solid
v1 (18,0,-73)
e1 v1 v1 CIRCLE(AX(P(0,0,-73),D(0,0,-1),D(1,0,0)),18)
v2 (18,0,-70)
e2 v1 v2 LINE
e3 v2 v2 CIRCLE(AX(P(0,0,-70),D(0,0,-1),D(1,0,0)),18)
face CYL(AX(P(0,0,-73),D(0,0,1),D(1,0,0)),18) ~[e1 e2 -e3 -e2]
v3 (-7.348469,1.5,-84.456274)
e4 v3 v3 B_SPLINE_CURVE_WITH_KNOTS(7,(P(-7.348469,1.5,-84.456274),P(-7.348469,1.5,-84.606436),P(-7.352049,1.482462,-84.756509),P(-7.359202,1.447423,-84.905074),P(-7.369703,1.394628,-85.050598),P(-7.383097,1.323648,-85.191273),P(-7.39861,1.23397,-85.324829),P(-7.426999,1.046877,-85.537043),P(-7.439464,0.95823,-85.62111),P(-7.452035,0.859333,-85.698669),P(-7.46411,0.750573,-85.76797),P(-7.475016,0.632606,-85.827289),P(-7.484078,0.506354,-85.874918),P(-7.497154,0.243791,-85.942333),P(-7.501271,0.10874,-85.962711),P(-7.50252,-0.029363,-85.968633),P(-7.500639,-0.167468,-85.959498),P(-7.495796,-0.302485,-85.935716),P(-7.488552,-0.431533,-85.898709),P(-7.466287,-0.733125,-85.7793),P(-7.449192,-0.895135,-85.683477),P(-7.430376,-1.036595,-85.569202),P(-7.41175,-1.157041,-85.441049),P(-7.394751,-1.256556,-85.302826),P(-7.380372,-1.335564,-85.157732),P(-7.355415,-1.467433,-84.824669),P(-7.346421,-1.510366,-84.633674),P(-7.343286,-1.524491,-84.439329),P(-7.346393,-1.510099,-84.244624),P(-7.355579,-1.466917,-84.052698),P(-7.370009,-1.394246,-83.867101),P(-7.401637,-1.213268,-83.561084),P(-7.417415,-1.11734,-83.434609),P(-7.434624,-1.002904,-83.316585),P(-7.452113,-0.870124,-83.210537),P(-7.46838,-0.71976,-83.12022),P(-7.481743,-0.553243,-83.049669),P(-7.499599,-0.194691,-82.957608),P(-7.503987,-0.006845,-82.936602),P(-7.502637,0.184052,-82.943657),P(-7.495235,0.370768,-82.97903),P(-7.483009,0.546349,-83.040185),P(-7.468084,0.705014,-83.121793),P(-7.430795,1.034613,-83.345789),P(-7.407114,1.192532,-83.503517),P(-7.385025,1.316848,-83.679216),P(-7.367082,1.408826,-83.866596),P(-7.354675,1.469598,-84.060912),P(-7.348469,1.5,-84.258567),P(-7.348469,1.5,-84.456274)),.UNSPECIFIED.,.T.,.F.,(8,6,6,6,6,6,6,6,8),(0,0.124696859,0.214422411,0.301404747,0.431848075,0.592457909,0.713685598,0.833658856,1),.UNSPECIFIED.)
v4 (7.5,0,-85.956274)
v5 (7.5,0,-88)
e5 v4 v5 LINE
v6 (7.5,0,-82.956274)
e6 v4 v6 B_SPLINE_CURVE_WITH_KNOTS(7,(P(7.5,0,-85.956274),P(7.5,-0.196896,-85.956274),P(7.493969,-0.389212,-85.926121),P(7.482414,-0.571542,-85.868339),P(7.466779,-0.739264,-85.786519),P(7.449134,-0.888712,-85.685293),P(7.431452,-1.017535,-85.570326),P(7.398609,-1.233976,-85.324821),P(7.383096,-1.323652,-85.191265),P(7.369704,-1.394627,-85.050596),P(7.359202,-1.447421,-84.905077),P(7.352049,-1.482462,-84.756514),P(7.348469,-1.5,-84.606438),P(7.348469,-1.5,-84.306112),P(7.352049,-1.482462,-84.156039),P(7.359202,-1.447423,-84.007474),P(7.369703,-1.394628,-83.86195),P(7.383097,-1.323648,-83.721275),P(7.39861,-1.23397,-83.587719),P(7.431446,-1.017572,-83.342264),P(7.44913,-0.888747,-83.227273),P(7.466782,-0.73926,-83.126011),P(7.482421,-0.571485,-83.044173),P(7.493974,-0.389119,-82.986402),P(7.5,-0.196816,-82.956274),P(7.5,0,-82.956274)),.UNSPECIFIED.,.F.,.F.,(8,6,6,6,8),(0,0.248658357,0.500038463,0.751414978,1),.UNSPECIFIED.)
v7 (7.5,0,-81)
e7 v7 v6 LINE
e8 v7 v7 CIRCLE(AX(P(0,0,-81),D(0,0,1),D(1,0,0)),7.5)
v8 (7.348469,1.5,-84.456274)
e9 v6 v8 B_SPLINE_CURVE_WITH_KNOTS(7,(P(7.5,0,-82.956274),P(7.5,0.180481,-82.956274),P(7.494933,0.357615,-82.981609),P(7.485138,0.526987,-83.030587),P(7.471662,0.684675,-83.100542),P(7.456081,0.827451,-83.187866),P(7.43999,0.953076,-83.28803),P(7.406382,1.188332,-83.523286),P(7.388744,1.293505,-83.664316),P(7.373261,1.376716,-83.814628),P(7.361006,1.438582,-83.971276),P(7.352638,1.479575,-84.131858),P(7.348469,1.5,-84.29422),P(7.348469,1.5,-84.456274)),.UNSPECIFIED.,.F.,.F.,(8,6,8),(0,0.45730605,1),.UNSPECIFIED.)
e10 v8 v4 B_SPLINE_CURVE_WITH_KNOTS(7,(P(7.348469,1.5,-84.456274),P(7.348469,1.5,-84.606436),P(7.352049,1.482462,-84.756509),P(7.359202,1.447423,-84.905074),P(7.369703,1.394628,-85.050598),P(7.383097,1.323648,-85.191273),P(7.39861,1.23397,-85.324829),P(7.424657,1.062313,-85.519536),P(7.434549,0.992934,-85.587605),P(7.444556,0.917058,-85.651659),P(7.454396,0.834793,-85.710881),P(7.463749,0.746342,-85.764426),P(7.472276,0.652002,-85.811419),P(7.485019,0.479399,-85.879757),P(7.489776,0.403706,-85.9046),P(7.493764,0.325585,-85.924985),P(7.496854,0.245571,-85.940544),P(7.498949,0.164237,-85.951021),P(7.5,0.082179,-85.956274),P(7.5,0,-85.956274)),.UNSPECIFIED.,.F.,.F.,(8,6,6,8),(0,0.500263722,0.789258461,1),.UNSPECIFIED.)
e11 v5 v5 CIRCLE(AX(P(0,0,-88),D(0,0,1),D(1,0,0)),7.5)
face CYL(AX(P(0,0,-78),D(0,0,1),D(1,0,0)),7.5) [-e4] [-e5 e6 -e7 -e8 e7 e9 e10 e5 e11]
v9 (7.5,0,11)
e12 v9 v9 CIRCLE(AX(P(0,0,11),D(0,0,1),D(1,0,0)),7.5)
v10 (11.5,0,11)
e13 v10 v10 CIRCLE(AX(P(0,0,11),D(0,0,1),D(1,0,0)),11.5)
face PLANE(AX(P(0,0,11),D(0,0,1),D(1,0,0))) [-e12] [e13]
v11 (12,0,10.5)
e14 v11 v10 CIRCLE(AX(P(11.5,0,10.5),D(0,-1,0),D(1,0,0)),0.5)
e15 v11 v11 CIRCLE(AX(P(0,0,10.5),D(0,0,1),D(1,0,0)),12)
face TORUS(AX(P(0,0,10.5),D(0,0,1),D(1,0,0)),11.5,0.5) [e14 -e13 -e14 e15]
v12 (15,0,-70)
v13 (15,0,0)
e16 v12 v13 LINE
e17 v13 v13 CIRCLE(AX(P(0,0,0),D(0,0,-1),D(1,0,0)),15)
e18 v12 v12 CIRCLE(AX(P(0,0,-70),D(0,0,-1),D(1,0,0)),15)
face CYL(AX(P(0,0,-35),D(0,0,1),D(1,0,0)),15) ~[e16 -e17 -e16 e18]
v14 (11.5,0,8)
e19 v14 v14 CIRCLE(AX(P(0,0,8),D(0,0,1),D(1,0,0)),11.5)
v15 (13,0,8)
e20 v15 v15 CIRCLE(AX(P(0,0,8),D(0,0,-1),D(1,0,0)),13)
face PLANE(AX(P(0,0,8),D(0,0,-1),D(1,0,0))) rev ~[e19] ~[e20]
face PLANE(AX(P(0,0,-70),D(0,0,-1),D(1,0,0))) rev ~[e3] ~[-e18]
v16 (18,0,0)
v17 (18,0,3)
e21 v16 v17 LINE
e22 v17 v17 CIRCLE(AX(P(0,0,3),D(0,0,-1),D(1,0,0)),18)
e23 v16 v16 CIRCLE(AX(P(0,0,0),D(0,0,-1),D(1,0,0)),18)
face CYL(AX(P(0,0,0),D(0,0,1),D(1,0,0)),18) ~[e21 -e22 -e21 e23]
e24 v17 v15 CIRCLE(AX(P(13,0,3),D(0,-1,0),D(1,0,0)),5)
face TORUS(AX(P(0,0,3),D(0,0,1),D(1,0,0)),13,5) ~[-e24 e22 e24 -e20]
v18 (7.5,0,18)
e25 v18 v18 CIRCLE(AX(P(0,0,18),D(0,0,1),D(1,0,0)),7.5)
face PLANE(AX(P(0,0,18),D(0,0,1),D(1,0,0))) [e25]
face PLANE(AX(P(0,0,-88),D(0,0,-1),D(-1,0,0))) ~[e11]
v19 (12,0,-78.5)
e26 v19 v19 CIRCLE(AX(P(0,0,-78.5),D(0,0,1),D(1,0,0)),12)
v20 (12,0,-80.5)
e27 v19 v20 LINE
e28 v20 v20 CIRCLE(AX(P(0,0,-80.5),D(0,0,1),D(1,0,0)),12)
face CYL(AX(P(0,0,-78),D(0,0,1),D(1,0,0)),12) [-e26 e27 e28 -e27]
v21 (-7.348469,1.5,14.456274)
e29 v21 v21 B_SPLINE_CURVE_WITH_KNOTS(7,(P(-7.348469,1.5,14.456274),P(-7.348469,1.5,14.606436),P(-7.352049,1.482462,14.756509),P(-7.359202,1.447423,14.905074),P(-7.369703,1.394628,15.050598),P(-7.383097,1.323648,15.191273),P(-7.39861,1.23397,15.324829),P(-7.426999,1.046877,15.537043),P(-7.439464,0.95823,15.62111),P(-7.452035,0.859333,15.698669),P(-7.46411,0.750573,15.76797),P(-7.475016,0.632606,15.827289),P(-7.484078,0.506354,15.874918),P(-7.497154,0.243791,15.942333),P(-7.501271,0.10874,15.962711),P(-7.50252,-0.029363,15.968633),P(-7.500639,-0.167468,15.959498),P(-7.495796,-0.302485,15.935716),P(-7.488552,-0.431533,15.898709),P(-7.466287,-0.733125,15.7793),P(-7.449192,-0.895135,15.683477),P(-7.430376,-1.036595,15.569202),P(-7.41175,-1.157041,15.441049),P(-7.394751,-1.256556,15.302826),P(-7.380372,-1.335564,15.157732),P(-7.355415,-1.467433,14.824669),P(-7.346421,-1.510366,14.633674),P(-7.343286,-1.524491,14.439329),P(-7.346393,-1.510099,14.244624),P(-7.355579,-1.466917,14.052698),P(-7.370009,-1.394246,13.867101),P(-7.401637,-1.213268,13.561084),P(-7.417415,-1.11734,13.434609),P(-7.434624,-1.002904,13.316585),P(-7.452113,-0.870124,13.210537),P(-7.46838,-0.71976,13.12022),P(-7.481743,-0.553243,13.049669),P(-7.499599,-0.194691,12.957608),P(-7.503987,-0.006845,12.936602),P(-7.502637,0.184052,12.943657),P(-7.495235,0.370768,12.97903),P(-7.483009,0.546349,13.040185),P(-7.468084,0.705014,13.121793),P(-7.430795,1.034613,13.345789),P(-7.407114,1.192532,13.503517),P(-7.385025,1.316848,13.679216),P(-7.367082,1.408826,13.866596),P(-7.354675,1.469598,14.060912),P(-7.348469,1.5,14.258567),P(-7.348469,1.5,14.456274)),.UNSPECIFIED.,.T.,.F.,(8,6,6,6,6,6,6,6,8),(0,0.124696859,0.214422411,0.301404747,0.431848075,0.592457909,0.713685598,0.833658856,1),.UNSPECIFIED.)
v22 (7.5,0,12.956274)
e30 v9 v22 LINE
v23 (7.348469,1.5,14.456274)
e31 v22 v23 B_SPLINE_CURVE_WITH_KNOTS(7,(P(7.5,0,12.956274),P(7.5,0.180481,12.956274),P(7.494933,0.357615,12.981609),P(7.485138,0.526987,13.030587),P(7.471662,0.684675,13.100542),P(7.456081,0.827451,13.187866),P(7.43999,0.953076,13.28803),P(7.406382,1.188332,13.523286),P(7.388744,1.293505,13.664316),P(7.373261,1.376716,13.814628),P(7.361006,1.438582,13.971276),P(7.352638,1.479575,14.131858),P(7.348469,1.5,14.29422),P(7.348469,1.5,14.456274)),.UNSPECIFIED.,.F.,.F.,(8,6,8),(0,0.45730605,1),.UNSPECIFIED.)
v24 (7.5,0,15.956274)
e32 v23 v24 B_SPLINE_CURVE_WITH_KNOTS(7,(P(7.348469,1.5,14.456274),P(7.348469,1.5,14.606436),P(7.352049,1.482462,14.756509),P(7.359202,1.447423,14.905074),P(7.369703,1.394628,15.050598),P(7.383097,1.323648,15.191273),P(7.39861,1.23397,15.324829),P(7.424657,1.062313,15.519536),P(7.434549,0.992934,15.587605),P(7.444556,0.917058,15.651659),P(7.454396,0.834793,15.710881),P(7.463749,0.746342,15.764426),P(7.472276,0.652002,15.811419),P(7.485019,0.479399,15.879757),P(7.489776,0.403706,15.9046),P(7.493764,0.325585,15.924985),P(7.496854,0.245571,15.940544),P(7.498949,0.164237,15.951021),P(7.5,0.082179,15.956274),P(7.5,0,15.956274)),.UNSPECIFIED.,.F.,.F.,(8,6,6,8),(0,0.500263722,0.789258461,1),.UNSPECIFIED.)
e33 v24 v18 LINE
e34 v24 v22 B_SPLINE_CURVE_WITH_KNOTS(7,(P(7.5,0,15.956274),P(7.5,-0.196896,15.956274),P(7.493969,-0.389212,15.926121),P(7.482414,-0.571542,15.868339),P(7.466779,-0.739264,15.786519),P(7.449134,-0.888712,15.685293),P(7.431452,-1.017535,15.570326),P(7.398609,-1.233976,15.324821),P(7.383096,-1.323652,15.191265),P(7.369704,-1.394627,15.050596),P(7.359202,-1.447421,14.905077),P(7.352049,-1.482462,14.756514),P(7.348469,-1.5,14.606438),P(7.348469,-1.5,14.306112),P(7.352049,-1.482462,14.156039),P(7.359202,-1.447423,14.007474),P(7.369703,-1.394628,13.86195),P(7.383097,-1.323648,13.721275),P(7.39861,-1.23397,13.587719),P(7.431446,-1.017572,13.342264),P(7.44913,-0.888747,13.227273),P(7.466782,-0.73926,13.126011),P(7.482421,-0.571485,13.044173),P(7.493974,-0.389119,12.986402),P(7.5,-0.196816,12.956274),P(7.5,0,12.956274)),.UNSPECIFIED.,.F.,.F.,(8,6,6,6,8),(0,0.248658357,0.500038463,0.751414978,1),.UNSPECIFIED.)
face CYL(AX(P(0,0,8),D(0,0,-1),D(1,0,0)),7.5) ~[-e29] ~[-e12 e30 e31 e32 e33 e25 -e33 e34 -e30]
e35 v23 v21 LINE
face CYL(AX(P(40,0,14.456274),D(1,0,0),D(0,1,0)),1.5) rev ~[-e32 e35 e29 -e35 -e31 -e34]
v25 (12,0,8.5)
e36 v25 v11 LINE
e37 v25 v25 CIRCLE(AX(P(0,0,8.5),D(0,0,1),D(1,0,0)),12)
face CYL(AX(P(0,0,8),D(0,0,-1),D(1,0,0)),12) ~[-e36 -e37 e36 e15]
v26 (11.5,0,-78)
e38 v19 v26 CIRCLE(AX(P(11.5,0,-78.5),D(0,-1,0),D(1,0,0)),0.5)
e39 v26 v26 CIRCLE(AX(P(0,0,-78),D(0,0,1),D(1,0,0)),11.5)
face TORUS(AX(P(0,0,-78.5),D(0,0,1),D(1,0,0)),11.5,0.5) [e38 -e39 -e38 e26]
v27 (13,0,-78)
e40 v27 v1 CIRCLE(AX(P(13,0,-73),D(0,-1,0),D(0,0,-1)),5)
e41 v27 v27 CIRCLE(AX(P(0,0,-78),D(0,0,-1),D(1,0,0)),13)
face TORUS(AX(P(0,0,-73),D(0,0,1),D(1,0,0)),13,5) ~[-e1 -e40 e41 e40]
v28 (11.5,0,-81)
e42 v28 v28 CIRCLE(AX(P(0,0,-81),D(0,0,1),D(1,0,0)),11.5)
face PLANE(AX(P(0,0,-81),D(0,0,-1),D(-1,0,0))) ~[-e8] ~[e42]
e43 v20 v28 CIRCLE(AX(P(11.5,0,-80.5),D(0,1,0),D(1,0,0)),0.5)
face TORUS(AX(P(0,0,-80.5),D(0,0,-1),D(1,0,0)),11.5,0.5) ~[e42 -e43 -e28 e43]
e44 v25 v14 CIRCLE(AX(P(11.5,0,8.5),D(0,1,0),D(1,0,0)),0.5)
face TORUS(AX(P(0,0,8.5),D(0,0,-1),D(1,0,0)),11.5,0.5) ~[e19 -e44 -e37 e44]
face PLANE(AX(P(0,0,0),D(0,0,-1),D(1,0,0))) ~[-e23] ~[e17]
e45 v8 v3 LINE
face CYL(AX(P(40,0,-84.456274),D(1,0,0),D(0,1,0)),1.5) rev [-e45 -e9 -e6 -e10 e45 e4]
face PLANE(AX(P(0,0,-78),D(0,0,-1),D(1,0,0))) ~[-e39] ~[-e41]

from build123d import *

# Parameters (mm, degrees)
F0_W     = 15
F0_H     = 70
F2_R     = 12
F2_R_2   = 7.5
F3_DEPTH = 3
F4_R     = 0.5
F5_R     = 0.5
F6_DEPTH = 10
F8_R     = 1.5
F9_DEPTH = 58.001


with BuildPart() as f1:
    # F0 (on Front) → F1 (revolve)
    with BuildSketch(Plane.XZ):
        with BuildLine():
            Line((15, -70), (0, -70))
            Line((0, -70), (0, -78))
            Line((0, -78), (13, -78))
            ThreePointArc((13, -78), (16.5355339059, -76.5355339059), (18, -73))
            Line((18, -73), (18, -70))
            Line((18, -70), (15, -70))
        make_face()
        with Locations((7.5, -35)):
            Rectangle(F0_W, F0_H)
        with BuildLine():
            Line((0, 8), (0, 0))
            Line((0, 0), (15, 0))
            Line((15, 0), (18, 0))
            Line((18, 0), (18, 3))
            ThreePointArc((18, 3), (16.5355339059, 6.5355339059), (13, 8))
            Line((13, 8), (0, 8))
        make_face()
    revolve(axis=Axis((0, 0, -35), (0, 0, -1)))



with BuildPart() as f3:
    # F2 (on face) → F3 (new body)
    with BuildSketch(Plane.XY.offset(8)):
        Circle(F2_R)
        Circle(F2_R_2, mode=Mode.SUBTRACT)
    extrude(amount=F3_DEPTH)

    # F4
    f4_edges = [f3.edges().sort_by_distance(p)[0] for p in [
        (-12, 0, 11),
    ]]
    fillet(f4_edges, radius=F4_R)

    # F5
    f5_edges = [f3.edges().sort_by_distance(p)[0] for p in [
        (-12, 0, 8),
    ]]
    fillet(f5_edges, radius=F5_R)


with BuildPart() as f6:
    # F2 (on face) → F6 (new body)
    with BuildSketch(Plane.XY.offset(8)):
        Circle(F2_R_2)
    extrude(amount=F6_DEPTH)

    # F8 (on offset) → F9 (cut, through all)
    with BuildSketch(Plane.YZ.offset(40)):
        with Locations((0, 14.4562739879)):
            Circle(F8_R)
    extrude(amount=-F9_DEPTH, mode=Mode.SUBTRACT)


with BuildPart() as f1_1:
    add(f1.part)

    add(f3.part)  # F11 merges F3

    add(f6.part)  # F11 merges F6
    # F11: F3, F6 across plane
    add(f3.part.mirror(Plane.XY.offset(-35)))
    add(f6.part.mirror(Plane.XY.offset(-35)))


solid = f1_1.part
